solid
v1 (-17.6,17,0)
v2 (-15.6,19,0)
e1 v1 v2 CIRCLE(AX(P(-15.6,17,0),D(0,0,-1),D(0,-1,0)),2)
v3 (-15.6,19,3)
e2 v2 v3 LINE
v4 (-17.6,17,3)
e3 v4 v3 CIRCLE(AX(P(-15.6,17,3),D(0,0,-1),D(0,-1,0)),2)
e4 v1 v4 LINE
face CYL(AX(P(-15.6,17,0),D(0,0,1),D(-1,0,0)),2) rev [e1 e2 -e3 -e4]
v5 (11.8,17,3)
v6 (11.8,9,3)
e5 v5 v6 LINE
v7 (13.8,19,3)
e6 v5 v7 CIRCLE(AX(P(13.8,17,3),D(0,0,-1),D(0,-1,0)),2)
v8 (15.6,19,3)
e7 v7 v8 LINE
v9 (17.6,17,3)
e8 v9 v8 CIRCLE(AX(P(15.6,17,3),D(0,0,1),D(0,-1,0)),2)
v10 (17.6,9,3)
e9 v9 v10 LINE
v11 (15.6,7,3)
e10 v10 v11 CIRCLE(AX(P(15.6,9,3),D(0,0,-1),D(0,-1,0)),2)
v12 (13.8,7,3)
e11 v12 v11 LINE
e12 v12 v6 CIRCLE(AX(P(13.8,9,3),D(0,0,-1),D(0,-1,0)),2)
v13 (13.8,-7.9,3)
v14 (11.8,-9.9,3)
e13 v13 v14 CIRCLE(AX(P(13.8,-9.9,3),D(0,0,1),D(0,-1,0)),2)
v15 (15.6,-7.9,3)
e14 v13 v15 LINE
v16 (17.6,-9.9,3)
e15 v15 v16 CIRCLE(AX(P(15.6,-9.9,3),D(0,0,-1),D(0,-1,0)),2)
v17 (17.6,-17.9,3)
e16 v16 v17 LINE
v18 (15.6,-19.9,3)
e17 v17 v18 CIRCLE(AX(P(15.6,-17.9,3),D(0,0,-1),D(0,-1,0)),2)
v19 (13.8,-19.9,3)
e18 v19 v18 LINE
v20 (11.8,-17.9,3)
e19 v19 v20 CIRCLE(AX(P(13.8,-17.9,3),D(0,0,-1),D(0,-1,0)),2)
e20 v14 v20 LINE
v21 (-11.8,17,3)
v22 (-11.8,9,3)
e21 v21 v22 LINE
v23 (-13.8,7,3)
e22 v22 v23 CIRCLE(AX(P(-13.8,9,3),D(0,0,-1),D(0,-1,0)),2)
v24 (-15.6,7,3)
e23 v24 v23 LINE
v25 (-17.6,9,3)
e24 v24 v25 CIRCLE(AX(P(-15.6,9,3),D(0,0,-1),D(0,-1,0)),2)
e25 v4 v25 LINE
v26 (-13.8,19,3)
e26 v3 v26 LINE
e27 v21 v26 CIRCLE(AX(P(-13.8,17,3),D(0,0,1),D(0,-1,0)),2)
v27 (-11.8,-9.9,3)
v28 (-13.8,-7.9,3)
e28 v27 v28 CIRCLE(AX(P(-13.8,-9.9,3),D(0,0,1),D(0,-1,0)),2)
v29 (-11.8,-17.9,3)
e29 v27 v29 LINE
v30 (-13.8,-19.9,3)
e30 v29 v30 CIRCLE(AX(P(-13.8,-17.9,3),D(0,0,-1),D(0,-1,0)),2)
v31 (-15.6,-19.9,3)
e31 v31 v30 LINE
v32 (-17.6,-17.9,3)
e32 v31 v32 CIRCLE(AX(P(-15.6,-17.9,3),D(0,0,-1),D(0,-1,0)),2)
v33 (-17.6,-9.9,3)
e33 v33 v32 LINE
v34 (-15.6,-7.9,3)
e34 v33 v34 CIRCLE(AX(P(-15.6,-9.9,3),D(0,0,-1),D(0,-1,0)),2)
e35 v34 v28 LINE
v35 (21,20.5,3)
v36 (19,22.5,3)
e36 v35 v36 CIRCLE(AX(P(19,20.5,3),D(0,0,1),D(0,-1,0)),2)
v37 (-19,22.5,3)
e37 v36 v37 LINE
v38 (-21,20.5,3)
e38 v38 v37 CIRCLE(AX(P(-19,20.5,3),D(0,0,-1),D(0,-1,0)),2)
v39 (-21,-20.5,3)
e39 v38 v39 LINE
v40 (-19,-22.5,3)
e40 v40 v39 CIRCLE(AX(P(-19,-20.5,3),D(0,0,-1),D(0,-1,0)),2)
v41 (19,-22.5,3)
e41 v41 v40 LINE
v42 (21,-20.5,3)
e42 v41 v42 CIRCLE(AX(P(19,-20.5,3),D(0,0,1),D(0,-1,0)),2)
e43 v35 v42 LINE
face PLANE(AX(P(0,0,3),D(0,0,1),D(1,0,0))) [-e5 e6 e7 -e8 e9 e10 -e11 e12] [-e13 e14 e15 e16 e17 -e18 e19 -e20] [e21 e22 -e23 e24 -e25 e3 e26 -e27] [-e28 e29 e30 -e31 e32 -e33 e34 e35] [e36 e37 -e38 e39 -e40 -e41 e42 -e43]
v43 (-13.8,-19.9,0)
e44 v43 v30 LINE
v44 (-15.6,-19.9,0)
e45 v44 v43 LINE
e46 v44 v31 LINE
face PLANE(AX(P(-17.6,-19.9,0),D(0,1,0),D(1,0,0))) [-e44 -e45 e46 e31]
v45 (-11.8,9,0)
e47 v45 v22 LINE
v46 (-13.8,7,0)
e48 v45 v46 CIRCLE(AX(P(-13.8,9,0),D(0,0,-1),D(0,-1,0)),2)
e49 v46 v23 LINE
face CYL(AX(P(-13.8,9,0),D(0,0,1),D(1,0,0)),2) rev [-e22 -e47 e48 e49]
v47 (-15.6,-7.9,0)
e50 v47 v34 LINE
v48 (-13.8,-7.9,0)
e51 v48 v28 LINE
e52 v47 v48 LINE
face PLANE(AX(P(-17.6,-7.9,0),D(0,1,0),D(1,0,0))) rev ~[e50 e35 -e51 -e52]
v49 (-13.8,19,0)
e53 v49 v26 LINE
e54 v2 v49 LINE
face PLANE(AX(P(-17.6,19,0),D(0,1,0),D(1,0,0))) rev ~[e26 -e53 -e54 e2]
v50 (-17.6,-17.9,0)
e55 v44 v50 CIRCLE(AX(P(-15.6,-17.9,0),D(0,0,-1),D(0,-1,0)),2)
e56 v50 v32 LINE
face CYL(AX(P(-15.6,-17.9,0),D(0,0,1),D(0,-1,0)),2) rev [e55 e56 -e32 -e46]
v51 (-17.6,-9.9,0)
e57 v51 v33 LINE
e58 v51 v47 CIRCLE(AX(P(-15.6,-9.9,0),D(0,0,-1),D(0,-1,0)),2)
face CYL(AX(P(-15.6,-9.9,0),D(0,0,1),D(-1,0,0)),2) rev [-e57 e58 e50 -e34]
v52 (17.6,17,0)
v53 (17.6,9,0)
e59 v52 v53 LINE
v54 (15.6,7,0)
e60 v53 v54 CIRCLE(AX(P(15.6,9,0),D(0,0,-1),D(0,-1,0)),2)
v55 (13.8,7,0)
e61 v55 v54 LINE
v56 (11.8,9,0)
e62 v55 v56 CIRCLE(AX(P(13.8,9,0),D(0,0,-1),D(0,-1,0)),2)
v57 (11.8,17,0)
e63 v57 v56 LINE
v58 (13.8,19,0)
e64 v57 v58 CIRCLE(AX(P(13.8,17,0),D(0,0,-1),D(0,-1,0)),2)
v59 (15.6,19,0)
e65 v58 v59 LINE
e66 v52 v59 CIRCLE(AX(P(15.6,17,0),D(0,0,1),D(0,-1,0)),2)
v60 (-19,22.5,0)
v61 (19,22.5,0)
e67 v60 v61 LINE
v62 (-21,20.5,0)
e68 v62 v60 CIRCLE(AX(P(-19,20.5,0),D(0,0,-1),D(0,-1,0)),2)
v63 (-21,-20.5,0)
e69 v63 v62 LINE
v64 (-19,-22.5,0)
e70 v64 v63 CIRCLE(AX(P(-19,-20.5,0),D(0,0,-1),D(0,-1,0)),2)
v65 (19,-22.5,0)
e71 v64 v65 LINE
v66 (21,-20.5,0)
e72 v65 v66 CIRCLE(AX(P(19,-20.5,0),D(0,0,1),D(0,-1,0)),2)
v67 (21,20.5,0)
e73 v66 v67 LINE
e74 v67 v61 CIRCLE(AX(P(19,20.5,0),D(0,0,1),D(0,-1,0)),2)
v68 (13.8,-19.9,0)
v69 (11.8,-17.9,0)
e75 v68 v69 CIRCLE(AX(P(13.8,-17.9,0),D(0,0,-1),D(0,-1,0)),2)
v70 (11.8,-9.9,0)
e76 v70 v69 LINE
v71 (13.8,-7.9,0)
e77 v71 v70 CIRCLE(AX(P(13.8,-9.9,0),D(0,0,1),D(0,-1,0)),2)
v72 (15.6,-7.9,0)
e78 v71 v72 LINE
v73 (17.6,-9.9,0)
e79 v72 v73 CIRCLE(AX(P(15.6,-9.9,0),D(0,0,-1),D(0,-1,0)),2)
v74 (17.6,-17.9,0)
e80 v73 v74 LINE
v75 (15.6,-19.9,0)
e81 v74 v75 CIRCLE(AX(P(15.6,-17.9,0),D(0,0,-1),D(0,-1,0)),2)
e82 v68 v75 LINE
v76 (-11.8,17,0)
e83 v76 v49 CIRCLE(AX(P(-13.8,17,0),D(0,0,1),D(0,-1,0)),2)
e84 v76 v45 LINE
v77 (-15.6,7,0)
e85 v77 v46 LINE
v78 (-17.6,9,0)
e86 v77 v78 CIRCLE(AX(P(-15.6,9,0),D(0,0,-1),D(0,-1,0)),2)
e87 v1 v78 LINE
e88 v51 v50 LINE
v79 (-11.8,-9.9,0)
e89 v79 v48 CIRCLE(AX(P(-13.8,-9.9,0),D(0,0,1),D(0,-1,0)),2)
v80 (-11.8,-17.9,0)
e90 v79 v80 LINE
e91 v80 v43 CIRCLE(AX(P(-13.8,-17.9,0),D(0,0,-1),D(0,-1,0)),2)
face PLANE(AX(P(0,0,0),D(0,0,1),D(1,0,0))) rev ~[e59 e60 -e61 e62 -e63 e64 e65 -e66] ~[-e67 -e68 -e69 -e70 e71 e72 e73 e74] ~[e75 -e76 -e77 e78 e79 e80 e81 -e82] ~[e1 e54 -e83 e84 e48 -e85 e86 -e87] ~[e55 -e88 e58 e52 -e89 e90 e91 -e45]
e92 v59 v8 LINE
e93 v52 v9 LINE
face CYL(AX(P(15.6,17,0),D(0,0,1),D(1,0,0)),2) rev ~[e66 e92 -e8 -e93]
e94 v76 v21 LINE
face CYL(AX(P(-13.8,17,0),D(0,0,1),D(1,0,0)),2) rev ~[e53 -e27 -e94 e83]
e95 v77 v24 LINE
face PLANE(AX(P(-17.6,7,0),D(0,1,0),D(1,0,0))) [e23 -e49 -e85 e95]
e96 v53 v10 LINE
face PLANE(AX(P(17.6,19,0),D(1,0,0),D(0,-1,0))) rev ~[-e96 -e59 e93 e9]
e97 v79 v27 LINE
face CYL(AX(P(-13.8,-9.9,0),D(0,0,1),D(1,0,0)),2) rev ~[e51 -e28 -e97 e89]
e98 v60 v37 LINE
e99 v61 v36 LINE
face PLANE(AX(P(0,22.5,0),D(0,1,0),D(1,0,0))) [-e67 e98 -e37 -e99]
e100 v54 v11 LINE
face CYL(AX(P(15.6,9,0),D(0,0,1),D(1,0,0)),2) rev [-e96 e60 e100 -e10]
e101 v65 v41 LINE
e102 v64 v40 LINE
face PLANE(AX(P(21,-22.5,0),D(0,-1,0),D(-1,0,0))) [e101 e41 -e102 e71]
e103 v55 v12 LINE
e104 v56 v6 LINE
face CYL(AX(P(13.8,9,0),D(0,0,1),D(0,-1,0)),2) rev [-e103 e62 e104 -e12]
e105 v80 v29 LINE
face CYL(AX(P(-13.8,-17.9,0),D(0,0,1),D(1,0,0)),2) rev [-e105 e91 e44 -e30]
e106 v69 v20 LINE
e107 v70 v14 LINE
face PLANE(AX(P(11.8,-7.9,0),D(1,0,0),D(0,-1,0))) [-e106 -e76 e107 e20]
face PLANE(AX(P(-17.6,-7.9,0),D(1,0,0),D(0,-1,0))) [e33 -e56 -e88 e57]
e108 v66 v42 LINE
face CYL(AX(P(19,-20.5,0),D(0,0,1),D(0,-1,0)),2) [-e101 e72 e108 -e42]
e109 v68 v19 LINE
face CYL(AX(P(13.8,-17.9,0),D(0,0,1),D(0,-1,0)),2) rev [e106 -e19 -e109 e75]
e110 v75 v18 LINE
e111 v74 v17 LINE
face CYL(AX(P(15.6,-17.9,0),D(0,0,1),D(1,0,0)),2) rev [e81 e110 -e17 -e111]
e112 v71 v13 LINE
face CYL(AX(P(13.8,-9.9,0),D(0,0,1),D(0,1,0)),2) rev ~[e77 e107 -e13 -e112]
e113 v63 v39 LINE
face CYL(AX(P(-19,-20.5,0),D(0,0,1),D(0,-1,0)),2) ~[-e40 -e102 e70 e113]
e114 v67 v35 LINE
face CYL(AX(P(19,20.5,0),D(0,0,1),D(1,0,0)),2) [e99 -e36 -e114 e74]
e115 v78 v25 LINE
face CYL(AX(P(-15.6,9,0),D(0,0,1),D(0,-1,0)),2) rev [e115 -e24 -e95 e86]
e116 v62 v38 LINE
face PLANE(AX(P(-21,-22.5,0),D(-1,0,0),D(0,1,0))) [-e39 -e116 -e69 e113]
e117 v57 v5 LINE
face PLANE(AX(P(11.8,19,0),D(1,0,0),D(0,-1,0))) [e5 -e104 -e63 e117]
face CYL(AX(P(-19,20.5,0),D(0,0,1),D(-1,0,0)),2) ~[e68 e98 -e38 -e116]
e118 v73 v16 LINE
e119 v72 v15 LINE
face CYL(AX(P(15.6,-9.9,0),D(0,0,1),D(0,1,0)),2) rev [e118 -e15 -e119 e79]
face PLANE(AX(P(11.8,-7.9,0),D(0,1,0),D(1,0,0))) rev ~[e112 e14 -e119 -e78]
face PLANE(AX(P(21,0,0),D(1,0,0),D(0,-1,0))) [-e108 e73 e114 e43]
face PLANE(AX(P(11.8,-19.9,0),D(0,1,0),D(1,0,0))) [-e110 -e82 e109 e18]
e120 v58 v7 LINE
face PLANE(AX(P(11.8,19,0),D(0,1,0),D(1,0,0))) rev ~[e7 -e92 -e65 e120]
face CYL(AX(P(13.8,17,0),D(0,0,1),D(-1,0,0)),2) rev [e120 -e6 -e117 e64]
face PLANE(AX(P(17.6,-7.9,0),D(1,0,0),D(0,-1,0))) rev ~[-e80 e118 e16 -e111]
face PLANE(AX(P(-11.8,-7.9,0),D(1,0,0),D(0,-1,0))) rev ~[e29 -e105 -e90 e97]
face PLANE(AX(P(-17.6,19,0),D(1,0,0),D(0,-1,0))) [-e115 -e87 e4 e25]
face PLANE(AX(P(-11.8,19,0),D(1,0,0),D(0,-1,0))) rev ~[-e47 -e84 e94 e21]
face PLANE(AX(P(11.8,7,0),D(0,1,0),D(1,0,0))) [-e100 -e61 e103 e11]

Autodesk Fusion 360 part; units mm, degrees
sketch "Sketch1" plane through (0, 0, 0) normal (0, 0, 1) x (1, 0, 0)
  line L0 (21, -22.5) -> (-21, -22.5)
  line L1 (-21, -22.5) -> (-21, 22.5)
  line L2 (-21, 22.5) -> (21, 22.5)
  line L3 (21, 22.5) -> (21, -22.5)
  line L4 (21, -22.5) -> (-21, 22.5) construction
  line L5 (-21, -22.5) -> (21, 22.5) construction
  line L6 (0, 22.5) -> (0, -22.5)
  line L7 (-21, 0) -> (21, 0)
  line L8 (17.6, 19) -> (17.6, 7)
  line L9 (17.6, -7.9) -> (17.6, -19.9)
  line L10 (11.8, 19) -> (11.8, 7)
  line L11 (11.8, -7.9) -> (11.8, -19.9)
  line L12 (-11.8, 19) -> (-11.8, 7)
  line L13 (-11.8, -7.9) -> (-11.8, -19.9)
  line L14 (-17.6, 19) -> (-17.6, 7)
  line L15 (-17.6, -7.9) -> (-17.6, -19.9)
  line L16 (-17.7333, 19) -> (-11.8, 19)
  line L17 (11.8, 19) -> (17.7333, 19)
  line L18 (-17.6, 7) -> (-11.8, 7)
  line L19 (11.8, 7) -> (17.6, 7)
  line L20 (-17.6, -7.9) -> (-11.8, -7.9)
  line L21 (11.8, -7.9) -> (17.6, -7.9)
  line L22 (-17.6, -19.9) -> (-11.8, -19.9)
  line L23 (11.8, -19.9) -> (17.6, -19.9)
  dimension "d1" = 42
  dimension "d2" = 45
  dimension "d5" = 3.5
  dimension "d6" = 15.5
  dimension "d7" = 30.4
  dimension "d8" = 42.4
extrude "Extrude1" add sketch "Sketch1" along normal blind 3
fillet "Fillet1" radius 2 4 edges at (-21, 22.5, 1.5) (21, 22.5, 1.5) (21, -22.5, 1.5) (-21, -22.5, 1.5)
fillet "Fillet2" radius 2 4 edges at (17.6, 7, 1.5) (11.8, 7, 1.5) (11.8, 19, 1.5) (17.6, 19, 1.5)
fillet "Fillet3" radius 2 4 edges at (-17.6, 19, 1.5) (-11.8, 19, 1.5) (-11.8, 7, 1.5) (-17.6, 7, 1.5)
fillet "Fillet4" radius 2 4 edges at (-11.8, -19.9, 1.5) (-17.6, -19.9, 1.5) (-17.6, -7.9, 1.5) (-11.8, -7.9, 1.5)
fillet "Fillet5" radius 2 4 edges at (11.8, -7.9, 1.5) (17.6, -7.9, 1.5) (11.8, -19.9, 1.5) (17.6, -19.9, 1.5)
